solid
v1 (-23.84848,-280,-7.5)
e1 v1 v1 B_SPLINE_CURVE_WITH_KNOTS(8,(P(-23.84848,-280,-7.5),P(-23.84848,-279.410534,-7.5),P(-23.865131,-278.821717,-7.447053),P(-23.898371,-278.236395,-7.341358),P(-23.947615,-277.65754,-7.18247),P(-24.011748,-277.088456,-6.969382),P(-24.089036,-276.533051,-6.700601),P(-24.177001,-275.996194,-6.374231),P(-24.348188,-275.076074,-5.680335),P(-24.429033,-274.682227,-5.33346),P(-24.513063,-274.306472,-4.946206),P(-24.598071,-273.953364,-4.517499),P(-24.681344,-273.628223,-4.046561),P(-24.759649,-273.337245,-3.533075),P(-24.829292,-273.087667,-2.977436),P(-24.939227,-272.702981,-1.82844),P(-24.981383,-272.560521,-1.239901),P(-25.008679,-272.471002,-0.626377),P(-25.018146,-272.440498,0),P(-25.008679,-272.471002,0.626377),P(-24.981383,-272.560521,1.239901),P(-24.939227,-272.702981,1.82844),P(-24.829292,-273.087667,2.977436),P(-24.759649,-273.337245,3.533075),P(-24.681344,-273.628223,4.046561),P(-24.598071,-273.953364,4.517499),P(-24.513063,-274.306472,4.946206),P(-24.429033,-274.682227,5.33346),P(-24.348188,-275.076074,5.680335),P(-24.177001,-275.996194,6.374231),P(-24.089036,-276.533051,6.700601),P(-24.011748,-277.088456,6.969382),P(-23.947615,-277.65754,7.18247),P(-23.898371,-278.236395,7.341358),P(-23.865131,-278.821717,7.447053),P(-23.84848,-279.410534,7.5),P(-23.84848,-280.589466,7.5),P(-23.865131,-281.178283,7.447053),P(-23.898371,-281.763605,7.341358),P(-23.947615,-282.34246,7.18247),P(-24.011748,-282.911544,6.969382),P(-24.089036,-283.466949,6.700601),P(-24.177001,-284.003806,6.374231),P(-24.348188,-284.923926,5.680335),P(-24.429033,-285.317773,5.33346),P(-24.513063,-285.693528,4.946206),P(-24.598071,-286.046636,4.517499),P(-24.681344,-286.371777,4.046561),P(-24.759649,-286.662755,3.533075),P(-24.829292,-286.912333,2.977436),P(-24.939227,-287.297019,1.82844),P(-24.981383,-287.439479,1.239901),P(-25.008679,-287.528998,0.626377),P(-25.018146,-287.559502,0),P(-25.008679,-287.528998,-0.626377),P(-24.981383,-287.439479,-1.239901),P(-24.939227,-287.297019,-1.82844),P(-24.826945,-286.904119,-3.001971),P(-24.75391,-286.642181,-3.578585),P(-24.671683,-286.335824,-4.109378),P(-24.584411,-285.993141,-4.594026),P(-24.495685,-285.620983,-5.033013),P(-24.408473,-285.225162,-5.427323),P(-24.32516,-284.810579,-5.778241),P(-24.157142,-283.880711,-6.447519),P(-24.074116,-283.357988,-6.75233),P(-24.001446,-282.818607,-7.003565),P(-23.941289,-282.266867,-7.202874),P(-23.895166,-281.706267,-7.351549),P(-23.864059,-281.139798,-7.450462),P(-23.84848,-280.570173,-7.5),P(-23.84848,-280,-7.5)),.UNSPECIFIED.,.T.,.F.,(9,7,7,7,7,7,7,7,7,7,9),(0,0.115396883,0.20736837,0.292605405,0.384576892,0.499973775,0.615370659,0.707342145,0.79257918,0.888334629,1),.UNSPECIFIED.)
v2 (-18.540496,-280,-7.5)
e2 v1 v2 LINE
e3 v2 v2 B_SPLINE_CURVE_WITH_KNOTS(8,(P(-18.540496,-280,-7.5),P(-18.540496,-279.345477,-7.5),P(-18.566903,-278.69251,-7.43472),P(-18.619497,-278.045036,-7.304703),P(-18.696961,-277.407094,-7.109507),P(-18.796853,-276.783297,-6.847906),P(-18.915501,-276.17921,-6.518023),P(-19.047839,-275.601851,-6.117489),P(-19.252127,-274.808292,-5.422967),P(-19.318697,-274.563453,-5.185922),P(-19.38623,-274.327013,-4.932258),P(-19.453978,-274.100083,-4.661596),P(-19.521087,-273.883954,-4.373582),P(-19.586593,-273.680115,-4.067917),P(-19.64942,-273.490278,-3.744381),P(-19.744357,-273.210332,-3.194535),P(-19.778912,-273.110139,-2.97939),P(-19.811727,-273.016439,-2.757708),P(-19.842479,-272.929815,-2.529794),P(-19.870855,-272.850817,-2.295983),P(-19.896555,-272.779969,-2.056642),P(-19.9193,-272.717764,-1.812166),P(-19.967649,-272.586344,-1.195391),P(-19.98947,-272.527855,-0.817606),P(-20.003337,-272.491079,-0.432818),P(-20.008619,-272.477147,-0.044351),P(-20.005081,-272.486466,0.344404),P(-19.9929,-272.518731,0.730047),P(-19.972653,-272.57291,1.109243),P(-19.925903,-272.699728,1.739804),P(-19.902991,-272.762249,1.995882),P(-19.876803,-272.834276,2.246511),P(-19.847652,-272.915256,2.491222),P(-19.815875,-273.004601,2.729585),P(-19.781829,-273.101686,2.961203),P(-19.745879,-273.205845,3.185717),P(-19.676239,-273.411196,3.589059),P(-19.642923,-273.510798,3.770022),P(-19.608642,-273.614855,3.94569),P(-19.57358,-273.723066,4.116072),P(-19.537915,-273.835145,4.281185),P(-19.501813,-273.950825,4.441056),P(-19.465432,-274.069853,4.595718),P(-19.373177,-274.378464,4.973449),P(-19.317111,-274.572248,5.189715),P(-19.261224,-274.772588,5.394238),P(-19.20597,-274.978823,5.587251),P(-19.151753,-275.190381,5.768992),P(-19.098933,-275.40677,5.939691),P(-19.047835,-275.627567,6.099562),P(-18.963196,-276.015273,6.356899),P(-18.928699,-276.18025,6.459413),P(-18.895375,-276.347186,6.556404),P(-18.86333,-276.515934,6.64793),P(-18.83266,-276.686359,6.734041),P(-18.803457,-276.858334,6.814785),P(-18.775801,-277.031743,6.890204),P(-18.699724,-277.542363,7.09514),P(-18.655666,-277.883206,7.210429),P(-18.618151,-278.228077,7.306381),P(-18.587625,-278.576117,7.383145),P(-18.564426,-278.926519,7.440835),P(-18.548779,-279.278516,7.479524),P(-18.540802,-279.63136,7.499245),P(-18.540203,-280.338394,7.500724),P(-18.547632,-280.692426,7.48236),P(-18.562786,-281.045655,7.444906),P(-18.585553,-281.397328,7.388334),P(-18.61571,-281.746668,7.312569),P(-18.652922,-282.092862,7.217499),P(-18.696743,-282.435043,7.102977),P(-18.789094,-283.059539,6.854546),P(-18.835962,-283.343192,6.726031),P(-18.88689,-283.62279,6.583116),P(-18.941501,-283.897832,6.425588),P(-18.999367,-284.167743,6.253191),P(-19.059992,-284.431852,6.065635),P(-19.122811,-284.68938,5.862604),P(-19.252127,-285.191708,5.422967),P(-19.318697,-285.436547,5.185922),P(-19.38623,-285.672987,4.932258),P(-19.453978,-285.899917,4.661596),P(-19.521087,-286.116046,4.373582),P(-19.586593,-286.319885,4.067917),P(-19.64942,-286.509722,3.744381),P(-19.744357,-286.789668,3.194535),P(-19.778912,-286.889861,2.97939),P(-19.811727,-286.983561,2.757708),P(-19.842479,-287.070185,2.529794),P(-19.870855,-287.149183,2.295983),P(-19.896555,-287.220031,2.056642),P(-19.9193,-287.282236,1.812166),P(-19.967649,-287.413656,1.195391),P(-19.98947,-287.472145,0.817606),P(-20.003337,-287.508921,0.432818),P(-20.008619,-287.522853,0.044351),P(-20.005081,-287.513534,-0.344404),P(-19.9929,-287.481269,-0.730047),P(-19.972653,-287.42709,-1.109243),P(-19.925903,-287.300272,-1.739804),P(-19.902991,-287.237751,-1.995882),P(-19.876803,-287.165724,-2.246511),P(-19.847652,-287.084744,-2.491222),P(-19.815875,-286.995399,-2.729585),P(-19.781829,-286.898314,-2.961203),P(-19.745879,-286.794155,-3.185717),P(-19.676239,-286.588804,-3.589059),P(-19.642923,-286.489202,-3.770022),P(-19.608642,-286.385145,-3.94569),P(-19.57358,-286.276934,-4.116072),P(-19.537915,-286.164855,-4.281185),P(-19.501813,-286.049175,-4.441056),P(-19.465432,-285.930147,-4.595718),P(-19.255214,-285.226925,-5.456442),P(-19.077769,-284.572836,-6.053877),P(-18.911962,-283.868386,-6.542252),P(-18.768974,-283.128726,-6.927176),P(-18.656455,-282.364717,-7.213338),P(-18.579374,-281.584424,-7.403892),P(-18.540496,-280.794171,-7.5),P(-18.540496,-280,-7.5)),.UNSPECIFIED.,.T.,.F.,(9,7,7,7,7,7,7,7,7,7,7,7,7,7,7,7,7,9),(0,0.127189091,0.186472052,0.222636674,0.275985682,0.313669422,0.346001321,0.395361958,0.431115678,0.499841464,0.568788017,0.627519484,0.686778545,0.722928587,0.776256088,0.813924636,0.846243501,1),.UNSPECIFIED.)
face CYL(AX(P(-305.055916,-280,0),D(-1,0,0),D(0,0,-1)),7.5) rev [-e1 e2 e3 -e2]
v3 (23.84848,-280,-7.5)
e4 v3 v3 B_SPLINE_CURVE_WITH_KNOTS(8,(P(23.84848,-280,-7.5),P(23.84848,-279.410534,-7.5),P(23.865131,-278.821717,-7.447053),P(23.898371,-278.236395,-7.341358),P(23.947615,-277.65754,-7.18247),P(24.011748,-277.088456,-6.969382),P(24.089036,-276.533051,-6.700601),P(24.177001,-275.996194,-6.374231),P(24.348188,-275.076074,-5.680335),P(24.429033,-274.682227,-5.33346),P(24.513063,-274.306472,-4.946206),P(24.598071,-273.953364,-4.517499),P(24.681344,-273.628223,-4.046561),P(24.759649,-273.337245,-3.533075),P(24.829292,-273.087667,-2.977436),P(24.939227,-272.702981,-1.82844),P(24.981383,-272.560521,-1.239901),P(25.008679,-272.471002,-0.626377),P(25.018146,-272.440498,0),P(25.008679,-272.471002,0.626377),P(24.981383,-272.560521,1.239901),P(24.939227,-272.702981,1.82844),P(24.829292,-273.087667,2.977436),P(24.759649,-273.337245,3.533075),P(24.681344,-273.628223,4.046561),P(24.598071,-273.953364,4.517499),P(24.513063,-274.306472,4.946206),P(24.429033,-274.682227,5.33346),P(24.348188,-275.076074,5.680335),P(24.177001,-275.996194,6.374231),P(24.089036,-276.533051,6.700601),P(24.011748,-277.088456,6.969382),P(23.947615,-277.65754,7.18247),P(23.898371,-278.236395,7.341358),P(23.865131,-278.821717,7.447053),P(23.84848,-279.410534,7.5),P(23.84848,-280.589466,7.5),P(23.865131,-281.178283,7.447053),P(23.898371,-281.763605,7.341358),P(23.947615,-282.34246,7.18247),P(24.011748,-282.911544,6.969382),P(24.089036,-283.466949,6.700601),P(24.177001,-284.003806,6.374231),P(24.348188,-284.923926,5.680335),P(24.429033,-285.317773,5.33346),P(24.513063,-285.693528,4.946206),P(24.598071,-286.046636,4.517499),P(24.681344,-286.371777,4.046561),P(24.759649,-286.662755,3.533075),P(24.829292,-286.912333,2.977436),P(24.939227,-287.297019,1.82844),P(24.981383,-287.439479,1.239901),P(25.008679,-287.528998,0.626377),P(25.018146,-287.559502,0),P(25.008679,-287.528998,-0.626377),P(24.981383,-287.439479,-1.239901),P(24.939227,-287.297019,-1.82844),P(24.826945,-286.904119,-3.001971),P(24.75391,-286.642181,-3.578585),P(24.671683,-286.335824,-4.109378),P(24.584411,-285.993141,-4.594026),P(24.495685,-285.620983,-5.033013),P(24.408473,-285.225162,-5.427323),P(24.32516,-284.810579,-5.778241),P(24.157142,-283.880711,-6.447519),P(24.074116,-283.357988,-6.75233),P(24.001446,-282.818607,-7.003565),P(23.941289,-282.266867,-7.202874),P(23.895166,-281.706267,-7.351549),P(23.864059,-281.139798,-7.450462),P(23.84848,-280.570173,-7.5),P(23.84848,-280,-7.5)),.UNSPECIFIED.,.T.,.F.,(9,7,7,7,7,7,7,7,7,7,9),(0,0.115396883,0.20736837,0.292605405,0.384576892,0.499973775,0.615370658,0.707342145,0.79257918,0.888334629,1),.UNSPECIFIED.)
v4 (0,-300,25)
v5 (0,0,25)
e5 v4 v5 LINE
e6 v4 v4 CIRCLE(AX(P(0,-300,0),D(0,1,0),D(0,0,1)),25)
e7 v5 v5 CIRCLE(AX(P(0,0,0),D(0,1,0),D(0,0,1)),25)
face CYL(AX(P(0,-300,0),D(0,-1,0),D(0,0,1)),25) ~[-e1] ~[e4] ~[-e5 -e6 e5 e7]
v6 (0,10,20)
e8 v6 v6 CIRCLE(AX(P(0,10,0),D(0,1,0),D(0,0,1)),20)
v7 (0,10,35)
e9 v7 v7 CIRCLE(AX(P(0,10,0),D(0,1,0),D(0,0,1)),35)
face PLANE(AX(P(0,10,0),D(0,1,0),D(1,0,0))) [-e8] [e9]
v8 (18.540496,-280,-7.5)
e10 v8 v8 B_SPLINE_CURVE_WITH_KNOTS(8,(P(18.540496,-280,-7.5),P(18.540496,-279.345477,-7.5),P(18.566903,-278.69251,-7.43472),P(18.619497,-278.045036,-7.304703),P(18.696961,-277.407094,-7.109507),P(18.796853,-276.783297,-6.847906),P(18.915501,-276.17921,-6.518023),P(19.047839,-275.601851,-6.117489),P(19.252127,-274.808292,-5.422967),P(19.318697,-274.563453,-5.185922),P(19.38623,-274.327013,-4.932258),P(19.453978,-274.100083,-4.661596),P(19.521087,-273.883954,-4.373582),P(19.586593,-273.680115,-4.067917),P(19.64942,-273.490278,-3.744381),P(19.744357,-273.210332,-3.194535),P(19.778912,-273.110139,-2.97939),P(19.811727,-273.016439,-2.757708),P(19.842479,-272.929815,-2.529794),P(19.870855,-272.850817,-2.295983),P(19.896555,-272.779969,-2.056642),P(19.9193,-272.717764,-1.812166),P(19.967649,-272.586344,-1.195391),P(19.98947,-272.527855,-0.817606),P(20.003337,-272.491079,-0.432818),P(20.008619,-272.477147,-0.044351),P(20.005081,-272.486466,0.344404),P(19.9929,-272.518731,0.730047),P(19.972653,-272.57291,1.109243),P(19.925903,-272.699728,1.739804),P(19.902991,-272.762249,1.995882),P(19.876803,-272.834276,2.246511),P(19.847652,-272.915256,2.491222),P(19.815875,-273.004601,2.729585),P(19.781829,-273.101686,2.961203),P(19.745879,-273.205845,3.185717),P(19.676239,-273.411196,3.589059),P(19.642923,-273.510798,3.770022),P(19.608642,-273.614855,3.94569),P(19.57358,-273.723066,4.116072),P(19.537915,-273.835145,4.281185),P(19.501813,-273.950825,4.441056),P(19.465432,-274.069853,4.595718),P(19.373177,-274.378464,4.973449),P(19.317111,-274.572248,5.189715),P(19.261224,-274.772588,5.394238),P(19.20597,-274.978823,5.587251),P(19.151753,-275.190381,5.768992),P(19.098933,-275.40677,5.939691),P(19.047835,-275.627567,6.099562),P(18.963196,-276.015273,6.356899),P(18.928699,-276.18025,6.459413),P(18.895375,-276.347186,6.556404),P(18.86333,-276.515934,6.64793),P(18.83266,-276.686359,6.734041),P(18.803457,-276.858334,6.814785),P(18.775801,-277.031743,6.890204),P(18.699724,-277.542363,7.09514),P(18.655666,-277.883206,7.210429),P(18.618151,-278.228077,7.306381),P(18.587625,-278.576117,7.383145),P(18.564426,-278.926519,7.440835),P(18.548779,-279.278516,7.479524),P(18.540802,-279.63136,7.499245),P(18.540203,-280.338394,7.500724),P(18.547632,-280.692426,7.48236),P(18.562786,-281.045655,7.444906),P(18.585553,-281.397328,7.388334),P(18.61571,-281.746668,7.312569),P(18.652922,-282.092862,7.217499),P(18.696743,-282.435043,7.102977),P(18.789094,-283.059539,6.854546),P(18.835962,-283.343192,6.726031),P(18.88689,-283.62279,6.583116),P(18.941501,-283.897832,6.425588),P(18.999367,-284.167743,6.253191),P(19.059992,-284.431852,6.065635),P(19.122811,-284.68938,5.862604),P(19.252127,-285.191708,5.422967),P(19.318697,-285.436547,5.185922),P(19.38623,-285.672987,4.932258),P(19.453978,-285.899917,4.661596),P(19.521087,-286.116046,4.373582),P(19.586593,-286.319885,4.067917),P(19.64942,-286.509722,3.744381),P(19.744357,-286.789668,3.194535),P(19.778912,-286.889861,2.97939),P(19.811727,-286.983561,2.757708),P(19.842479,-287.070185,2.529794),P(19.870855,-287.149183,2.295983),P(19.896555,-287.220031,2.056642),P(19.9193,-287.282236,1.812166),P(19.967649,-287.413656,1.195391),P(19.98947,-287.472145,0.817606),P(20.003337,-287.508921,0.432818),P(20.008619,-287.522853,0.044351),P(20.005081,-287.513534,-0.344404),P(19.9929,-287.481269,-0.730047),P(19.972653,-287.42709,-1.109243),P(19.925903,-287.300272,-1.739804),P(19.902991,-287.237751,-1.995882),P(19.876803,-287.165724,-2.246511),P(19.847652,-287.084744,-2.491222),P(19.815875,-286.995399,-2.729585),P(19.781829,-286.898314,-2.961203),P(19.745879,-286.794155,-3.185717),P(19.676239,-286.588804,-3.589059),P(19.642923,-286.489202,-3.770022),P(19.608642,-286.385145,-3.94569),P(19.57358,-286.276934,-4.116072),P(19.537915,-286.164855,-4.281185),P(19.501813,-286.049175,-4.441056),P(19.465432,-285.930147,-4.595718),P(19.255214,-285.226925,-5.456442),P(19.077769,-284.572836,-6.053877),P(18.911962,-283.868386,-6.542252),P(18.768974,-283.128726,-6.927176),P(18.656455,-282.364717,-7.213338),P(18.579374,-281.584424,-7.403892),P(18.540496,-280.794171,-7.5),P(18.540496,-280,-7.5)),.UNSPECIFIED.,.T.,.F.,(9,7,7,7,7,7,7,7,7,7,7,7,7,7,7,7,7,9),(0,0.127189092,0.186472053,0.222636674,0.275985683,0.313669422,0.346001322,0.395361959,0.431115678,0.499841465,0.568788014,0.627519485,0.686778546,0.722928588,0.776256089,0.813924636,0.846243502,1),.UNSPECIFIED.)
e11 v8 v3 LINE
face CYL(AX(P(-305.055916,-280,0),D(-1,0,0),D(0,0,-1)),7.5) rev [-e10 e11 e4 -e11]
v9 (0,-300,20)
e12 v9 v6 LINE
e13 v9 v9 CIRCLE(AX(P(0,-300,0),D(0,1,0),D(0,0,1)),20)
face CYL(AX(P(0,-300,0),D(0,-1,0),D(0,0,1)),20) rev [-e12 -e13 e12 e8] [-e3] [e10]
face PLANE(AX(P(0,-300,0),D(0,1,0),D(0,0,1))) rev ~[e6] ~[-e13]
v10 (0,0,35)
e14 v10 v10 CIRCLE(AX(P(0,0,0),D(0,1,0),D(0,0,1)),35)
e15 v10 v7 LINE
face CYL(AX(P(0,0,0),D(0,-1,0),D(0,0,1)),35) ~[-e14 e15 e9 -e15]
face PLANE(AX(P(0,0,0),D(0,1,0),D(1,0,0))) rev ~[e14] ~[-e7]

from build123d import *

# Parameters (mm, degrees)
SKETCH1_R               = 35
SKETCH1_R_2             = 20
BOSS_EXTRUDE1_DEPTH     = 10
BOSS_EXTRUDE4_START     = -300
SKETCH1_6_R             = 25
SKETCH1_6_R_2           = 20
BOSS_EXTRUDE4_DEPTH     = 300
CUT_EXTRUDE2_DEPTH      = 305.05591591
CUT_EXTRUDE2_DEPTH_BACK = 305.05591591
SKETCH2_R               = 7.5


with BuildPart() as part:
    # Sketch1 → Boss-Extrude1 (new body)
    with BuildSketch(Plane(origin=(0, 0, 0), x_dir=(1, 0, 0), z_dir=(0, 1, 0))):
        Circle(SKETCH1_R)
        Circle(SKETCH1_R_2, mode=Mode.SUBTRACT)
    extrude(amount=BOSS_EXTRUDE1_DEPTH)

    # Sketch1<6> → Boss-Extrude4 (add)
    with BuildSketch(Plane(origin=(0, 0, 0), x_dir=(1, 0, 0), z_dir=(0, 1, 0)).offset(BOSS_EXTRUDE4_START)):
        Circle(SKETCH1_6_R)
        Circle(SKETCH1_6_R_2, mode=Mode.SUBTRACT)
    extrude(amount=BOSS_EXTRUDE4_DEPTH)

    # Sketch2 → Cut-Extrude2 (cut, two sides: drawn at the far end of the back side and taken through both)
    with BuildSketch(Plane(origin=(0, 0, 0), x_dir=(0, 0, -1), z_dir=(1, 0, 0)).offset(-CUT_EXTRUDE2_DEPTH_BACK)):
        with Locations((0, -280)):
            Circle(SKETCH2_R)
    extrude(amount=CUT_EXTRUDE2_DEPTH + CUT_EXTRUDE2_DEPTH_BACK, mode=Mode.SUBTRACT)


solid = part.part
